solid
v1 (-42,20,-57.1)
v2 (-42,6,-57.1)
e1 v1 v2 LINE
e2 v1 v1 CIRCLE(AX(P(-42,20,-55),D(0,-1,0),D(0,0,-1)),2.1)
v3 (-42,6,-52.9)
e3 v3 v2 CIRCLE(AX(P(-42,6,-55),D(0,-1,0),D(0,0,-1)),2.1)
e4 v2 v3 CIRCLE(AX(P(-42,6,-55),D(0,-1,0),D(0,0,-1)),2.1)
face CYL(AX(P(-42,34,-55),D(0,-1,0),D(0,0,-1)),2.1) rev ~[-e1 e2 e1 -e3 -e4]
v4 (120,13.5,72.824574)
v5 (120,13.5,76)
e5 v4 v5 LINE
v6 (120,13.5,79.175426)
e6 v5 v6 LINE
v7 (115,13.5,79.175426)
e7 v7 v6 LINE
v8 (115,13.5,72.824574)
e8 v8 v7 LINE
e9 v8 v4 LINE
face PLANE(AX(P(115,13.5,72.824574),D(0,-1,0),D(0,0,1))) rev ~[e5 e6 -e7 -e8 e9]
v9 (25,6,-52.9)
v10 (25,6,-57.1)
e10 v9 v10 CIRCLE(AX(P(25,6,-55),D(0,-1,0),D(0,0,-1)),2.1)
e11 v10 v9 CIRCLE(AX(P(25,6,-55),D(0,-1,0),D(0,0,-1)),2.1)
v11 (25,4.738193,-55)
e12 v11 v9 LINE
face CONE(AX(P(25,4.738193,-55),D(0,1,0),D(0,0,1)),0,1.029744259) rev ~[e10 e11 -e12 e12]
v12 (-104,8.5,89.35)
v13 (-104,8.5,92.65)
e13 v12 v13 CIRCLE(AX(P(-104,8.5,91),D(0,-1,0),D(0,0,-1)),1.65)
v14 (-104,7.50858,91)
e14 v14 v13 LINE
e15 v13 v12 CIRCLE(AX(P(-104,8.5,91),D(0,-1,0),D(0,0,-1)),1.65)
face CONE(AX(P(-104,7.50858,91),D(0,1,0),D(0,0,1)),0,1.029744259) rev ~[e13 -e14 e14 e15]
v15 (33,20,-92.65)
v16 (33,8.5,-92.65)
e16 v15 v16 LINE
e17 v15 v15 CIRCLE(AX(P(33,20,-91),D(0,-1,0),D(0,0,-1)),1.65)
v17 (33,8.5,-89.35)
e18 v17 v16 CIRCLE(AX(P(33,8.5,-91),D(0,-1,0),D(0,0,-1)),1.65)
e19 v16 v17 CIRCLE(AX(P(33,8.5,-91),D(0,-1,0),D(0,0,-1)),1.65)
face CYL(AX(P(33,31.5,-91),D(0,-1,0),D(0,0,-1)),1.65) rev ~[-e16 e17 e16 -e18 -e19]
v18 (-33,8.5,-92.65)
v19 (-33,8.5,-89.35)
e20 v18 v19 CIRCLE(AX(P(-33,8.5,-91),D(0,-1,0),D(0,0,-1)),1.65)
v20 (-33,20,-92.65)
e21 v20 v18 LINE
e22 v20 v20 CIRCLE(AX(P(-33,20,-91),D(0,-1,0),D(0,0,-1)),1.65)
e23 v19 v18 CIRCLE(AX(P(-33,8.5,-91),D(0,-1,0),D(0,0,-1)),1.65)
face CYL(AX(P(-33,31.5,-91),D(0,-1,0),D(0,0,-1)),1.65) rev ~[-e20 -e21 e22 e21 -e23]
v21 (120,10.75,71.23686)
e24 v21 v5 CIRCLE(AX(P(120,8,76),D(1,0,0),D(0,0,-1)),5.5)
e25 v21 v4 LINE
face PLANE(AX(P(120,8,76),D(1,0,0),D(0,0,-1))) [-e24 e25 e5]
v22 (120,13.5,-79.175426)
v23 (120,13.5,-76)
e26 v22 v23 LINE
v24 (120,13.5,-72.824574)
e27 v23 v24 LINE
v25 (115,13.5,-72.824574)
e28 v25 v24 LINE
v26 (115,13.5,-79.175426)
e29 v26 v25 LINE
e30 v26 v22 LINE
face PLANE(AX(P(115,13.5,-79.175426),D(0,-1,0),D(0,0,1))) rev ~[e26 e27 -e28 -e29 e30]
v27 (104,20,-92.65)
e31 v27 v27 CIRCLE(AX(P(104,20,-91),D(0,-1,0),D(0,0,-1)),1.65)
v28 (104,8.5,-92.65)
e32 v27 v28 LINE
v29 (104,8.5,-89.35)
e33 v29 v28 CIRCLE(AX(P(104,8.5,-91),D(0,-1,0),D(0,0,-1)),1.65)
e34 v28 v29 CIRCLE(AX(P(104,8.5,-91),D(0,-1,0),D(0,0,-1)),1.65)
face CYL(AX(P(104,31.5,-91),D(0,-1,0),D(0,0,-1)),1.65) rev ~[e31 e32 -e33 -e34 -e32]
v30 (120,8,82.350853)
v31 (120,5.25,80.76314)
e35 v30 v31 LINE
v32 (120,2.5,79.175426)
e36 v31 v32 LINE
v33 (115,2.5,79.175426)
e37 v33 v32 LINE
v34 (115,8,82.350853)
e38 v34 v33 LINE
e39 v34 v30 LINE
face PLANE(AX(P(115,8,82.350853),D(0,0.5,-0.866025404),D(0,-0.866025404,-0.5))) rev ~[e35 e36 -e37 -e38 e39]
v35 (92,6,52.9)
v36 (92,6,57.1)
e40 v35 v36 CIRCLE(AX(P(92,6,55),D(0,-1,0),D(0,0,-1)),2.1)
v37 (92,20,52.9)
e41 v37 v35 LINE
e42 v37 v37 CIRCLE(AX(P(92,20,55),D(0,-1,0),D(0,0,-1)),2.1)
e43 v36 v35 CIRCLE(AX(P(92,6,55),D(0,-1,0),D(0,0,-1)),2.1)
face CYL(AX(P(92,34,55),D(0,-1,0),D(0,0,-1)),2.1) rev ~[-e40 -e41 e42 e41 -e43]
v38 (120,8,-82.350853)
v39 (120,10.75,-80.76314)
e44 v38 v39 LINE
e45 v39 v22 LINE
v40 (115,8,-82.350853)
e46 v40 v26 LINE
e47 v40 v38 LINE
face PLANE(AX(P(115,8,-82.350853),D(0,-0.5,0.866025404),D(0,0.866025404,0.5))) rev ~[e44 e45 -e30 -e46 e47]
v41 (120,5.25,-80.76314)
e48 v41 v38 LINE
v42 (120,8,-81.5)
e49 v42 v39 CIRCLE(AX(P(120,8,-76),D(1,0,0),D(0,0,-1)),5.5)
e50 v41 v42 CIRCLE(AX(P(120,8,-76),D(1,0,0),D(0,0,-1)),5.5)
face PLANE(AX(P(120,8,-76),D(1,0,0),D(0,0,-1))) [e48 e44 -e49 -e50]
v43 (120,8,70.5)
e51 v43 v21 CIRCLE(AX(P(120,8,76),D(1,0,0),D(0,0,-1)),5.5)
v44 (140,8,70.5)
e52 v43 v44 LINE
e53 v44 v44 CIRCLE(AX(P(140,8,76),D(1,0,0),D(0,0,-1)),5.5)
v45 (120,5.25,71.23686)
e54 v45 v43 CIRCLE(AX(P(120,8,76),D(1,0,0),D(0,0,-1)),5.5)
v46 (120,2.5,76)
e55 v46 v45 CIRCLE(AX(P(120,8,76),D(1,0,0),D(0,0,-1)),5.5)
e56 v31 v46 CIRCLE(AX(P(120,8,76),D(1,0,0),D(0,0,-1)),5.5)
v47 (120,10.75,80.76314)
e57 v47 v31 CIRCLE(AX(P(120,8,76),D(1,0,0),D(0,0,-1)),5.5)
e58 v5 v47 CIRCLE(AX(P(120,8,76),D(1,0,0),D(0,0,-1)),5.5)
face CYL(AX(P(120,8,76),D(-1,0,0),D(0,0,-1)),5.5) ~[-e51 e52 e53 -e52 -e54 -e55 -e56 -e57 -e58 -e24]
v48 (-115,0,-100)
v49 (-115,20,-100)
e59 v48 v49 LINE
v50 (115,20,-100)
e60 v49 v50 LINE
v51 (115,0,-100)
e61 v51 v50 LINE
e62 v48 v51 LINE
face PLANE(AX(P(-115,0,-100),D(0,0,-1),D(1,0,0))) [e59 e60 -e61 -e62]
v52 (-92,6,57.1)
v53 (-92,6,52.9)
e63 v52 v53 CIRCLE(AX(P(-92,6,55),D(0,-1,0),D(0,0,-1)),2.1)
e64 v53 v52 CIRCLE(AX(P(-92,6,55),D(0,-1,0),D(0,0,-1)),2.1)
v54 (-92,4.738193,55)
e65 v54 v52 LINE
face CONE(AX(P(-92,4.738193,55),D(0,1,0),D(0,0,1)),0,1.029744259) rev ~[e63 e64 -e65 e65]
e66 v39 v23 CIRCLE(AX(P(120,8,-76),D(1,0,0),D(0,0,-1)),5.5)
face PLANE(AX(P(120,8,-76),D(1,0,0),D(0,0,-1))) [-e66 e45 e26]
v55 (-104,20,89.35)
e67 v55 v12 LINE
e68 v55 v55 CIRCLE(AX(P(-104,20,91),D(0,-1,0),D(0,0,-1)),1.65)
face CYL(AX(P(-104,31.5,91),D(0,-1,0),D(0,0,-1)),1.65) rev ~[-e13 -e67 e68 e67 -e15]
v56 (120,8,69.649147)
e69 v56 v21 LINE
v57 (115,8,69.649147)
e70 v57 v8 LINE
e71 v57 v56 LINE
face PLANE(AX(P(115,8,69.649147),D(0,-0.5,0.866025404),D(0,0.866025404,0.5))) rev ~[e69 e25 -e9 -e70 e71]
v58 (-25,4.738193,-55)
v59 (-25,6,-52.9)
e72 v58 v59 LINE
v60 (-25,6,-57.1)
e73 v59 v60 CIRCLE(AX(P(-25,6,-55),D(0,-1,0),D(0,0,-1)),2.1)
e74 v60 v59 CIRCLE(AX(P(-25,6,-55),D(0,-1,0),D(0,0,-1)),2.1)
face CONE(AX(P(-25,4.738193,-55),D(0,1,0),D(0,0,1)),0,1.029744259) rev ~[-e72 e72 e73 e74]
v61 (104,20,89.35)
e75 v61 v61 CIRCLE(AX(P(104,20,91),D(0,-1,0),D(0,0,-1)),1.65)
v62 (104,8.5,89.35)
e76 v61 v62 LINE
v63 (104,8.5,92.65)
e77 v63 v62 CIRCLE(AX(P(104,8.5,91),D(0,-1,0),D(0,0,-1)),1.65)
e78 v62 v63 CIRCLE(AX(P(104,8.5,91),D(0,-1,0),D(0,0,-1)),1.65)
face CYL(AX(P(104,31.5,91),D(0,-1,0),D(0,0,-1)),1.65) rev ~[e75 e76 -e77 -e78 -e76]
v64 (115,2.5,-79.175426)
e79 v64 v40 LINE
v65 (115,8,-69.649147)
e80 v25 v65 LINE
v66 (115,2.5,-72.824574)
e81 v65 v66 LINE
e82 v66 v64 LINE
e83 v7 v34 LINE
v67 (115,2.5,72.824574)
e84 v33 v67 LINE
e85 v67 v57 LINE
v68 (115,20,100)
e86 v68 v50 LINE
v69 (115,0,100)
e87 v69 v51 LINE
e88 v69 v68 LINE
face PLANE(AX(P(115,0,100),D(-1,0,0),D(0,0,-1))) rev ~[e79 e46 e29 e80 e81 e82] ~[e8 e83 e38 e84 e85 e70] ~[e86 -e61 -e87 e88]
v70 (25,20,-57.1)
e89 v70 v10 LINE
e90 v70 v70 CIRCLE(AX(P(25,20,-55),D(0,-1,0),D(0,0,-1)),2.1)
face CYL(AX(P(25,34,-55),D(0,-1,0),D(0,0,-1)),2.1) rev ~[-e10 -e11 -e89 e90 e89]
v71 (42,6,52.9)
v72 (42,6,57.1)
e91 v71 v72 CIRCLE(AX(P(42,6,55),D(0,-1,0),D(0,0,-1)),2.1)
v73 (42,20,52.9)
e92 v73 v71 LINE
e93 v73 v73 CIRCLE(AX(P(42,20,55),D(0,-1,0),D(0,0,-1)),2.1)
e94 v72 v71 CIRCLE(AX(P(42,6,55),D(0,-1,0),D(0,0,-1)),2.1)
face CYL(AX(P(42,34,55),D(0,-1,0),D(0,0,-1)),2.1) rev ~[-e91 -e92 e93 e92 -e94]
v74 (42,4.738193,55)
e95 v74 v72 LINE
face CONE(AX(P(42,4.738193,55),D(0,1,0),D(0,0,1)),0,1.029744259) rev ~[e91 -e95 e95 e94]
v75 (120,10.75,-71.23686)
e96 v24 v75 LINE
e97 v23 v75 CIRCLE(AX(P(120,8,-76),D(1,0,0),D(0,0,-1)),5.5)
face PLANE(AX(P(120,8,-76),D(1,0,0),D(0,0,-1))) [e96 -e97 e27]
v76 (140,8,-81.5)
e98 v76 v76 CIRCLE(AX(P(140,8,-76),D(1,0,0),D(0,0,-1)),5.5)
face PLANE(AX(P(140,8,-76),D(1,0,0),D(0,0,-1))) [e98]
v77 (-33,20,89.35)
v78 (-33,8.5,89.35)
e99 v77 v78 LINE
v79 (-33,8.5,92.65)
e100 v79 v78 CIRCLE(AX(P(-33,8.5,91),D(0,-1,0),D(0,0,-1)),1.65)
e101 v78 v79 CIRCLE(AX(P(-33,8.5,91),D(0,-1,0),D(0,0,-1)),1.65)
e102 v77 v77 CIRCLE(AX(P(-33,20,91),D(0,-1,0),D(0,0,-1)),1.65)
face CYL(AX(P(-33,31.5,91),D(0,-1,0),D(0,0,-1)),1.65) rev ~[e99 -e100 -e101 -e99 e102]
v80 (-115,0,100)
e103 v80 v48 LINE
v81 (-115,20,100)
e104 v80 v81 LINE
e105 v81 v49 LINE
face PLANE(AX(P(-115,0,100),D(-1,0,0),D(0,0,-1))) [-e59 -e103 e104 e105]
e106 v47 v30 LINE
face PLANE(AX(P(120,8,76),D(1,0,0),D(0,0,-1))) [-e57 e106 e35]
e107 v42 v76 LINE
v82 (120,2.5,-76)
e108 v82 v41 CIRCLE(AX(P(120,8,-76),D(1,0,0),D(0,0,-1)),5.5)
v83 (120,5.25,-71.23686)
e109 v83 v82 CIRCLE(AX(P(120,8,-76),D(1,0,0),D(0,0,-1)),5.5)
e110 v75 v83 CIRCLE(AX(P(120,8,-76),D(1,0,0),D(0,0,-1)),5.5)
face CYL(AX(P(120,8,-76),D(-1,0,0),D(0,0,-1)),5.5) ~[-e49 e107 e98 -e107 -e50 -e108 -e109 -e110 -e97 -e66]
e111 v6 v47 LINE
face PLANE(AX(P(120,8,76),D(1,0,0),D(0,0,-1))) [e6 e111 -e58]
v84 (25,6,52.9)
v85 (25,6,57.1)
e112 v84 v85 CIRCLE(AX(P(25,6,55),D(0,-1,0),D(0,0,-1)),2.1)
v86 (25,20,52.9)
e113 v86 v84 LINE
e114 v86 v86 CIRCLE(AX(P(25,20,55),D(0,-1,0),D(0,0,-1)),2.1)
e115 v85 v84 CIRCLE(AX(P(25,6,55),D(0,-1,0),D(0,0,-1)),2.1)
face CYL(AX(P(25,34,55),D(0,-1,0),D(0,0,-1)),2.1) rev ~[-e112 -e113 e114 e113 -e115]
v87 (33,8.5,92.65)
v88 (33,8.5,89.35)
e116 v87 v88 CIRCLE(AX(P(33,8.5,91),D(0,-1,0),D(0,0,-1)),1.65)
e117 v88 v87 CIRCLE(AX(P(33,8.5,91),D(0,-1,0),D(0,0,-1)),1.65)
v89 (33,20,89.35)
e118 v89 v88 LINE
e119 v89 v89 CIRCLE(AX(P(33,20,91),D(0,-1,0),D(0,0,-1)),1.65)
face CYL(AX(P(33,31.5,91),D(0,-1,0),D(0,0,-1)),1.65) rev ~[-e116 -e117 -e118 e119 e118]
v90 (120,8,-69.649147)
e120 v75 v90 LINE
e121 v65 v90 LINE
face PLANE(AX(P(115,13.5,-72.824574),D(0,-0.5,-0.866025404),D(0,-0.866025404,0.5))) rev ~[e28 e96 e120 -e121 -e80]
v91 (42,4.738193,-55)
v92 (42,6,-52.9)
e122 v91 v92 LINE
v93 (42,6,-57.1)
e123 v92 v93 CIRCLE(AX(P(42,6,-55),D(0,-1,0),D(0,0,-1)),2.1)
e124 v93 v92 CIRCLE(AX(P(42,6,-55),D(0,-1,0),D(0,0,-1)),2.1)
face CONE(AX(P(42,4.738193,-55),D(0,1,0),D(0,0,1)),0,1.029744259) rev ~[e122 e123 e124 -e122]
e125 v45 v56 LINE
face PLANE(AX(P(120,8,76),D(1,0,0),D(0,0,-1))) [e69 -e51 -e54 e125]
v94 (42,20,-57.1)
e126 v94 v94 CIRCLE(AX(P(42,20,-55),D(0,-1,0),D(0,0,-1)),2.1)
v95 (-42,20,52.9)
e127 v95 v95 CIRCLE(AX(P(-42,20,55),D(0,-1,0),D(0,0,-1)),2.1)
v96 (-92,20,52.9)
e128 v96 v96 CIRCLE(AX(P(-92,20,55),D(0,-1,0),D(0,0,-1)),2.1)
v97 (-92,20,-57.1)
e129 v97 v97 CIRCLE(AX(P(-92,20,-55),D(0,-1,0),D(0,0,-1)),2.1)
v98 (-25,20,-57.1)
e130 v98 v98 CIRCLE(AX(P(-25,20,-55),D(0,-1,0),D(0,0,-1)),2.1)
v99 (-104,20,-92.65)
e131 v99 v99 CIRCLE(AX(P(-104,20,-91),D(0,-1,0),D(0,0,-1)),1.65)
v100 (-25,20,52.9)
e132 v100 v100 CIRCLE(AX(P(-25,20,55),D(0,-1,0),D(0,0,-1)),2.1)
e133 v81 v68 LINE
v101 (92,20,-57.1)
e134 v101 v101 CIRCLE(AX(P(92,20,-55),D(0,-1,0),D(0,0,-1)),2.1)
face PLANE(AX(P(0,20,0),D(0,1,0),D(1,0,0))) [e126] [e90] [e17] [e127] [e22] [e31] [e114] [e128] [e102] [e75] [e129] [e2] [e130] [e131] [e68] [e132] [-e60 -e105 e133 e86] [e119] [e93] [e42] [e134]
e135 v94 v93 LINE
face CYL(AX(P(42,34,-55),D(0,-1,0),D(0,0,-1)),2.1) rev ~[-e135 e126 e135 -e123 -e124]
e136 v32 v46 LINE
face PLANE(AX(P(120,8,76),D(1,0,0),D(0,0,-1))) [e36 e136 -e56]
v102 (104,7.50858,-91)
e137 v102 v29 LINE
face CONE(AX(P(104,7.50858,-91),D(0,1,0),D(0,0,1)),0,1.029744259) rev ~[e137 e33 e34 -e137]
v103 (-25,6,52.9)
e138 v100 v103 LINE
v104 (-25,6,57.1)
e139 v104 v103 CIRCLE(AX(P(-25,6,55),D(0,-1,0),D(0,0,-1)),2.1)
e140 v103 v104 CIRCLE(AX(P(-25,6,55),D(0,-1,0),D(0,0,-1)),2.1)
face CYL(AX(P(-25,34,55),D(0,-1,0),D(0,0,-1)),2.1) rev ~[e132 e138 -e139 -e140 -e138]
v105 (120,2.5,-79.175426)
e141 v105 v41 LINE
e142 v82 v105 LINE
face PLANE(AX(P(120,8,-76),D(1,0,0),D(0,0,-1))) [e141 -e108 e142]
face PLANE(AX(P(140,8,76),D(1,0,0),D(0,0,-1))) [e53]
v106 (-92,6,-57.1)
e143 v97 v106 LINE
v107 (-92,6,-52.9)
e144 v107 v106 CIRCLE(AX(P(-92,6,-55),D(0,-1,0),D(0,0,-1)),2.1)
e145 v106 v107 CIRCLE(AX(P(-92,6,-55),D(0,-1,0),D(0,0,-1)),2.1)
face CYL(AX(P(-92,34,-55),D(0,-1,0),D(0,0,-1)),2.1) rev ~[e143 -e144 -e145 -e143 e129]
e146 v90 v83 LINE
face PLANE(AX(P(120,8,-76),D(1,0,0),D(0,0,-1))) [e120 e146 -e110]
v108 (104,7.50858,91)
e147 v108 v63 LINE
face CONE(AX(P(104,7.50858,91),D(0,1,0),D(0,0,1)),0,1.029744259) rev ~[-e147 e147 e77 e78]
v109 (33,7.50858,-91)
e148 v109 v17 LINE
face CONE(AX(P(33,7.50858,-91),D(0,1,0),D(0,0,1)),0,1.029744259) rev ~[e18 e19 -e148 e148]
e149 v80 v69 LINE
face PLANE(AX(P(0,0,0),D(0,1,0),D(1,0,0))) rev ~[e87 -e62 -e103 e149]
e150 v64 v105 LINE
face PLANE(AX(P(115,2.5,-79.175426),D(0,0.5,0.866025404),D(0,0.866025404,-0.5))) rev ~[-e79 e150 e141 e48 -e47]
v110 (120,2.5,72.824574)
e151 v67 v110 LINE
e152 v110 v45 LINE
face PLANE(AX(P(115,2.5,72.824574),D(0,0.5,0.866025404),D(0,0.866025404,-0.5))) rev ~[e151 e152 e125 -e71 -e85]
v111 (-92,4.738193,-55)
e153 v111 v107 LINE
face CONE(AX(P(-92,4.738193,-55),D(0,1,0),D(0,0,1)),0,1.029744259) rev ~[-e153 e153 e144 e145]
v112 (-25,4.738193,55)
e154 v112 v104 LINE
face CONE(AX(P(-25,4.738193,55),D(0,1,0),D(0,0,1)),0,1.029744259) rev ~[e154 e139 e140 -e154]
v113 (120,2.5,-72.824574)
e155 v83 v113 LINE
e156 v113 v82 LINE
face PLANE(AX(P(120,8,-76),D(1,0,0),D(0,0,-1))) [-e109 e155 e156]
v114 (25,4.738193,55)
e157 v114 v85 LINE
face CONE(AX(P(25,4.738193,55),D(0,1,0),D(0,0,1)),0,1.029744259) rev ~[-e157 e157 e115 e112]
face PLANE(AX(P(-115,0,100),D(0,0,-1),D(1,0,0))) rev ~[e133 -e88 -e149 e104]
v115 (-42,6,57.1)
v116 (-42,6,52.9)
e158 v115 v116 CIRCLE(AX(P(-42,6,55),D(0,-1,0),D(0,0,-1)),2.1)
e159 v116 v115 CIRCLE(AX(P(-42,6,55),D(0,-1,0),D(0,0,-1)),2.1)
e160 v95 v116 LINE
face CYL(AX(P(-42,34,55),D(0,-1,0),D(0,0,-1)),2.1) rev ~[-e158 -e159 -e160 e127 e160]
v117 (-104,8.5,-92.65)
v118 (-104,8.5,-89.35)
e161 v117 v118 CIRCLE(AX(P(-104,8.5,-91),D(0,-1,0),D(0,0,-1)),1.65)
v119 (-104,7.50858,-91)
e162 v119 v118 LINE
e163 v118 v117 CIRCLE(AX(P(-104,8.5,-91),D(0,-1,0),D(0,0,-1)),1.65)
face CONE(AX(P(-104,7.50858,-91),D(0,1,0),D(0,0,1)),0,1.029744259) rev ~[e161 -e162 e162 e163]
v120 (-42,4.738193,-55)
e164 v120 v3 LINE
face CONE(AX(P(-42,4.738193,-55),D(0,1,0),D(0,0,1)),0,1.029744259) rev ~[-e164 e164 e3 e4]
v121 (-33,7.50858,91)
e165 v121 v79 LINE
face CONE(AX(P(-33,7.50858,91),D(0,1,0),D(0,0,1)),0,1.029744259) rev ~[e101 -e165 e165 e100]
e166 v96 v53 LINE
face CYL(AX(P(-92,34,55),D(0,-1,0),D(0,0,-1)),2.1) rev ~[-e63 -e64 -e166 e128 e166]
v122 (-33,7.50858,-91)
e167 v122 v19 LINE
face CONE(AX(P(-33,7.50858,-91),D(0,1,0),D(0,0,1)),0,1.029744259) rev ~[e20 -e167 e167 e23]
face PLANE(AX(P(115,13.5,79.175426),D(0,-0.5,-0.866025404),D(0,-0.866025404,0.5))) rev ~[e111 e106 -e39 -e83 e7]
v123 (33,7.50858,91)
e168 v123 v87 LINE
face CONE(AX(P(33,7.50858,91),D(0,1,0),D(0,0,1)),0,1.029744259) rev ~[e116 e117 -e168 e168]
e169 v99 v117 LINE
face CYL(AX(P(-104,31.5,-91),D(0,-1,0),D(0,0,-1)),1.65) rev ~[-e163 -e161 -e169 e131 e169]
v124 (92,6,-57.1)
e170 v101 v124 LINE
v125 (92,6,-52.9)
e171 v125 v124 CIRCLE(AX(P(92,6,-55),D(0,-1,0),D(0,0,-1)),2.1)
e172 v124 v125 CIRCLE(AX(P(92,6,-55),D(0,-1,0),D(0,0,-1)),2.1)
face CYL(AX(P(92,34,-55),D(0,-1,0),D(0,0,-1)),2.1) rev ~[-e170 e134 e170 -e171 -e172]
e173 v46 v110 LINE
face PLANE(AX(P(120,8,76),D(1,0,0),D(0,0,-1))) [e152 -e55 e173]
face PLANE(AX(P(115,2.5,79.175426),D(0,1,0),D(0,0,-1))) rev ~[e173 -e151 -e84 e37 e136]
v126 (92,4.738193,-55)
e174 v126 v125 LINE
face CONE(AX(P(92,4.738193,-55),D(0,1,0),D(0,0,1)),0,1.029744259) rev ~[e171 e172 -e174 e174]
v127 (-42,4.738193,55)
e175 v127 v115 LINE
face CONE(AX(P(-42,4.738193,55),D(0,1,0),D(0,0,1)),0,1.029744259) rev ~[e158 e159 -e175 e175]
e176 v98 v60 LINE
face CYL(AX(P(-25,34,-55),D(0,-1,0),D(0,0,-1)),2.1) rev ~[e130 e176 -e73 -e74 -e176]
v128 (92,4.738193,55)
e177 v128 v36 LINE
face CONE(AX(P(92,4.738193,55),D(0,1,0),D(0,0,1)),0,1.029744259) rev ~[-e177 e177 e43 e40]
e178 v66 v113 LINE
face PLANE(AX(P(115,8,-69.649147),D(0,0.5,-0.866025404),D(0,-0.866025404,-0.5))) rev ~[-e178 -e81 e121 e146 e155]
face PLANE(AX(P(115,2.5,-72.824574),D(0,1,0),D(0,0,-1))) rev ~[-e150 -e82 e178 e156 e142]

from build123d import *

# Parameters (mm, degrees)
SZKIC1_W                    = 230
SZKIC1_H                    = 200
DODANIE_WYCI_GNI_CIE1_DEPTH = 20
OTW_R_GWINTOWANY_M52_D      = 4.2
OTW_R_GWINTOWANY_M52_DEPTH  = 14
OTW_R_GWINTOWANY_M52_TIP    = 1.2618073
OTW_R_GWINTOWANY_M41_D      = 3.3
OTW_R_GWINTOWANY_M41_DEPTH  = 11.5
OTW_R_GWINTOWANY_M41_TIP    = 0.991420021
DODANIE_WYCI_GNI_CIE2_DEPTH = 5
SZKIC10_R                   = 5.5
DODANIE_WYCI_GNI_CIE3_DEPTH = 20


with BuildPart() as part:
    # Szkic1 → Dodanie-wyciągnięcie1 (new body)
    with BuildSketch(Plane(origin=(0, 0, 0), x_dir=(1, 0, 0), z_dir=(0, 1, 0))):
        Rectangle(SZKIC1_W, SZKIC1_H)
    extrude(amount=DODANIE_WYCI_GNI_CIE1_DEPTH)

    # Otwór gwintowany M52
    with Locations(Plane(origin=(-92, 20, -55), x_dir=(0, 0, 1), z_dir=(0, 1, 0))):
        with Locations((0, 0), (0, 50), (0, 67), (0, 117), (110, 117), (110, 67), (110, 50), (110, 0), (110, 134), (0, 134), (0, 184), (110, 184)):
            Hole(OTW_R_GWINTOWANY_M52_D / 2, depth=OTW_R_GWINTOWANY_M52_DEPTH)
            with Locations((0, 0, -(OTW_R_GWINTOWANY_M52_DEPTH + OTW_R_GWINTOWANY_M52_TIP / 2))):  # 118° drill point
                Cone(0, OTW_R_GWINTOWANY_M52_D / 2, OTW_R_GWINTOWANY_M52_TIP, mode=Mode.SUBTRACT)

    # Otwór gwintowany M41
    with Locations(Plane(origin=(-104, 20, -91), x_dir=(0, 0, 1), z_dir=(0, 1, 0))):
        with Locations((0, 0), (0, 71), (0, 137), (0, 208), (182, 208), (182, 137), (182, 71), (182, 0)):
            Hole(OTW_R_GWINTOWANY_M41_D / 2, depth=OTW_R_GWINTOWANY_M41_DEPTH)
            with Locations((0, 0, -(OTW_R_GWINTOWANY_M41_DEPTH + OTW_R_GWINTOWANY_M41_TIP / 2))):  # 118° drill point
                Cone(0, OTW_R_GWINTOWANY_M41_D / 2, OTW_R_GWINTOWANY_M41_TIP, mode=Mode.SUBTRACT)

    # Szkic9 → Dodanie-wyciągnięcie2 (add)
    with BuildSketch(Plane(origin=(115, 0, 0), x_dir=(0, 0, -1), z_dir=(1, 0, 0))):
        Polygon((-69.649147039, 8), (-72.824573519, 13.5), (-79.175426481, 13.5), (-82.350852961, 8), (-79.175426481, 2.5), (-72.824573519, 2.5), align=None)
        Polygon((69.649147039, 8), (72.824573519, 2.5), (79.175426481, 2.5), (82.350852961, 8), (79.175426481, 13.5), (72.824573519, 13.5), align=None)
    extrude(amount=DODANIE_WYCI_GNI_CIE2_DEPTH)

    # Szkic10 → Dodanie-wyciągnięcie3 (add)
    with BuildSketch(Plane(origin=(120, 0, 0), x_dir=(0, 0, -1), z_dir=(1, 0, 0))):
        with Locations((76, 8)):
            Circle(SZKIC10_R)
        with Locations((-76, 8)):
            Circle(SZKIC10_R)
    extrude(amount=DODANIE_WYCI_GNI_CIE3_DEPTH)


solid = part.part
